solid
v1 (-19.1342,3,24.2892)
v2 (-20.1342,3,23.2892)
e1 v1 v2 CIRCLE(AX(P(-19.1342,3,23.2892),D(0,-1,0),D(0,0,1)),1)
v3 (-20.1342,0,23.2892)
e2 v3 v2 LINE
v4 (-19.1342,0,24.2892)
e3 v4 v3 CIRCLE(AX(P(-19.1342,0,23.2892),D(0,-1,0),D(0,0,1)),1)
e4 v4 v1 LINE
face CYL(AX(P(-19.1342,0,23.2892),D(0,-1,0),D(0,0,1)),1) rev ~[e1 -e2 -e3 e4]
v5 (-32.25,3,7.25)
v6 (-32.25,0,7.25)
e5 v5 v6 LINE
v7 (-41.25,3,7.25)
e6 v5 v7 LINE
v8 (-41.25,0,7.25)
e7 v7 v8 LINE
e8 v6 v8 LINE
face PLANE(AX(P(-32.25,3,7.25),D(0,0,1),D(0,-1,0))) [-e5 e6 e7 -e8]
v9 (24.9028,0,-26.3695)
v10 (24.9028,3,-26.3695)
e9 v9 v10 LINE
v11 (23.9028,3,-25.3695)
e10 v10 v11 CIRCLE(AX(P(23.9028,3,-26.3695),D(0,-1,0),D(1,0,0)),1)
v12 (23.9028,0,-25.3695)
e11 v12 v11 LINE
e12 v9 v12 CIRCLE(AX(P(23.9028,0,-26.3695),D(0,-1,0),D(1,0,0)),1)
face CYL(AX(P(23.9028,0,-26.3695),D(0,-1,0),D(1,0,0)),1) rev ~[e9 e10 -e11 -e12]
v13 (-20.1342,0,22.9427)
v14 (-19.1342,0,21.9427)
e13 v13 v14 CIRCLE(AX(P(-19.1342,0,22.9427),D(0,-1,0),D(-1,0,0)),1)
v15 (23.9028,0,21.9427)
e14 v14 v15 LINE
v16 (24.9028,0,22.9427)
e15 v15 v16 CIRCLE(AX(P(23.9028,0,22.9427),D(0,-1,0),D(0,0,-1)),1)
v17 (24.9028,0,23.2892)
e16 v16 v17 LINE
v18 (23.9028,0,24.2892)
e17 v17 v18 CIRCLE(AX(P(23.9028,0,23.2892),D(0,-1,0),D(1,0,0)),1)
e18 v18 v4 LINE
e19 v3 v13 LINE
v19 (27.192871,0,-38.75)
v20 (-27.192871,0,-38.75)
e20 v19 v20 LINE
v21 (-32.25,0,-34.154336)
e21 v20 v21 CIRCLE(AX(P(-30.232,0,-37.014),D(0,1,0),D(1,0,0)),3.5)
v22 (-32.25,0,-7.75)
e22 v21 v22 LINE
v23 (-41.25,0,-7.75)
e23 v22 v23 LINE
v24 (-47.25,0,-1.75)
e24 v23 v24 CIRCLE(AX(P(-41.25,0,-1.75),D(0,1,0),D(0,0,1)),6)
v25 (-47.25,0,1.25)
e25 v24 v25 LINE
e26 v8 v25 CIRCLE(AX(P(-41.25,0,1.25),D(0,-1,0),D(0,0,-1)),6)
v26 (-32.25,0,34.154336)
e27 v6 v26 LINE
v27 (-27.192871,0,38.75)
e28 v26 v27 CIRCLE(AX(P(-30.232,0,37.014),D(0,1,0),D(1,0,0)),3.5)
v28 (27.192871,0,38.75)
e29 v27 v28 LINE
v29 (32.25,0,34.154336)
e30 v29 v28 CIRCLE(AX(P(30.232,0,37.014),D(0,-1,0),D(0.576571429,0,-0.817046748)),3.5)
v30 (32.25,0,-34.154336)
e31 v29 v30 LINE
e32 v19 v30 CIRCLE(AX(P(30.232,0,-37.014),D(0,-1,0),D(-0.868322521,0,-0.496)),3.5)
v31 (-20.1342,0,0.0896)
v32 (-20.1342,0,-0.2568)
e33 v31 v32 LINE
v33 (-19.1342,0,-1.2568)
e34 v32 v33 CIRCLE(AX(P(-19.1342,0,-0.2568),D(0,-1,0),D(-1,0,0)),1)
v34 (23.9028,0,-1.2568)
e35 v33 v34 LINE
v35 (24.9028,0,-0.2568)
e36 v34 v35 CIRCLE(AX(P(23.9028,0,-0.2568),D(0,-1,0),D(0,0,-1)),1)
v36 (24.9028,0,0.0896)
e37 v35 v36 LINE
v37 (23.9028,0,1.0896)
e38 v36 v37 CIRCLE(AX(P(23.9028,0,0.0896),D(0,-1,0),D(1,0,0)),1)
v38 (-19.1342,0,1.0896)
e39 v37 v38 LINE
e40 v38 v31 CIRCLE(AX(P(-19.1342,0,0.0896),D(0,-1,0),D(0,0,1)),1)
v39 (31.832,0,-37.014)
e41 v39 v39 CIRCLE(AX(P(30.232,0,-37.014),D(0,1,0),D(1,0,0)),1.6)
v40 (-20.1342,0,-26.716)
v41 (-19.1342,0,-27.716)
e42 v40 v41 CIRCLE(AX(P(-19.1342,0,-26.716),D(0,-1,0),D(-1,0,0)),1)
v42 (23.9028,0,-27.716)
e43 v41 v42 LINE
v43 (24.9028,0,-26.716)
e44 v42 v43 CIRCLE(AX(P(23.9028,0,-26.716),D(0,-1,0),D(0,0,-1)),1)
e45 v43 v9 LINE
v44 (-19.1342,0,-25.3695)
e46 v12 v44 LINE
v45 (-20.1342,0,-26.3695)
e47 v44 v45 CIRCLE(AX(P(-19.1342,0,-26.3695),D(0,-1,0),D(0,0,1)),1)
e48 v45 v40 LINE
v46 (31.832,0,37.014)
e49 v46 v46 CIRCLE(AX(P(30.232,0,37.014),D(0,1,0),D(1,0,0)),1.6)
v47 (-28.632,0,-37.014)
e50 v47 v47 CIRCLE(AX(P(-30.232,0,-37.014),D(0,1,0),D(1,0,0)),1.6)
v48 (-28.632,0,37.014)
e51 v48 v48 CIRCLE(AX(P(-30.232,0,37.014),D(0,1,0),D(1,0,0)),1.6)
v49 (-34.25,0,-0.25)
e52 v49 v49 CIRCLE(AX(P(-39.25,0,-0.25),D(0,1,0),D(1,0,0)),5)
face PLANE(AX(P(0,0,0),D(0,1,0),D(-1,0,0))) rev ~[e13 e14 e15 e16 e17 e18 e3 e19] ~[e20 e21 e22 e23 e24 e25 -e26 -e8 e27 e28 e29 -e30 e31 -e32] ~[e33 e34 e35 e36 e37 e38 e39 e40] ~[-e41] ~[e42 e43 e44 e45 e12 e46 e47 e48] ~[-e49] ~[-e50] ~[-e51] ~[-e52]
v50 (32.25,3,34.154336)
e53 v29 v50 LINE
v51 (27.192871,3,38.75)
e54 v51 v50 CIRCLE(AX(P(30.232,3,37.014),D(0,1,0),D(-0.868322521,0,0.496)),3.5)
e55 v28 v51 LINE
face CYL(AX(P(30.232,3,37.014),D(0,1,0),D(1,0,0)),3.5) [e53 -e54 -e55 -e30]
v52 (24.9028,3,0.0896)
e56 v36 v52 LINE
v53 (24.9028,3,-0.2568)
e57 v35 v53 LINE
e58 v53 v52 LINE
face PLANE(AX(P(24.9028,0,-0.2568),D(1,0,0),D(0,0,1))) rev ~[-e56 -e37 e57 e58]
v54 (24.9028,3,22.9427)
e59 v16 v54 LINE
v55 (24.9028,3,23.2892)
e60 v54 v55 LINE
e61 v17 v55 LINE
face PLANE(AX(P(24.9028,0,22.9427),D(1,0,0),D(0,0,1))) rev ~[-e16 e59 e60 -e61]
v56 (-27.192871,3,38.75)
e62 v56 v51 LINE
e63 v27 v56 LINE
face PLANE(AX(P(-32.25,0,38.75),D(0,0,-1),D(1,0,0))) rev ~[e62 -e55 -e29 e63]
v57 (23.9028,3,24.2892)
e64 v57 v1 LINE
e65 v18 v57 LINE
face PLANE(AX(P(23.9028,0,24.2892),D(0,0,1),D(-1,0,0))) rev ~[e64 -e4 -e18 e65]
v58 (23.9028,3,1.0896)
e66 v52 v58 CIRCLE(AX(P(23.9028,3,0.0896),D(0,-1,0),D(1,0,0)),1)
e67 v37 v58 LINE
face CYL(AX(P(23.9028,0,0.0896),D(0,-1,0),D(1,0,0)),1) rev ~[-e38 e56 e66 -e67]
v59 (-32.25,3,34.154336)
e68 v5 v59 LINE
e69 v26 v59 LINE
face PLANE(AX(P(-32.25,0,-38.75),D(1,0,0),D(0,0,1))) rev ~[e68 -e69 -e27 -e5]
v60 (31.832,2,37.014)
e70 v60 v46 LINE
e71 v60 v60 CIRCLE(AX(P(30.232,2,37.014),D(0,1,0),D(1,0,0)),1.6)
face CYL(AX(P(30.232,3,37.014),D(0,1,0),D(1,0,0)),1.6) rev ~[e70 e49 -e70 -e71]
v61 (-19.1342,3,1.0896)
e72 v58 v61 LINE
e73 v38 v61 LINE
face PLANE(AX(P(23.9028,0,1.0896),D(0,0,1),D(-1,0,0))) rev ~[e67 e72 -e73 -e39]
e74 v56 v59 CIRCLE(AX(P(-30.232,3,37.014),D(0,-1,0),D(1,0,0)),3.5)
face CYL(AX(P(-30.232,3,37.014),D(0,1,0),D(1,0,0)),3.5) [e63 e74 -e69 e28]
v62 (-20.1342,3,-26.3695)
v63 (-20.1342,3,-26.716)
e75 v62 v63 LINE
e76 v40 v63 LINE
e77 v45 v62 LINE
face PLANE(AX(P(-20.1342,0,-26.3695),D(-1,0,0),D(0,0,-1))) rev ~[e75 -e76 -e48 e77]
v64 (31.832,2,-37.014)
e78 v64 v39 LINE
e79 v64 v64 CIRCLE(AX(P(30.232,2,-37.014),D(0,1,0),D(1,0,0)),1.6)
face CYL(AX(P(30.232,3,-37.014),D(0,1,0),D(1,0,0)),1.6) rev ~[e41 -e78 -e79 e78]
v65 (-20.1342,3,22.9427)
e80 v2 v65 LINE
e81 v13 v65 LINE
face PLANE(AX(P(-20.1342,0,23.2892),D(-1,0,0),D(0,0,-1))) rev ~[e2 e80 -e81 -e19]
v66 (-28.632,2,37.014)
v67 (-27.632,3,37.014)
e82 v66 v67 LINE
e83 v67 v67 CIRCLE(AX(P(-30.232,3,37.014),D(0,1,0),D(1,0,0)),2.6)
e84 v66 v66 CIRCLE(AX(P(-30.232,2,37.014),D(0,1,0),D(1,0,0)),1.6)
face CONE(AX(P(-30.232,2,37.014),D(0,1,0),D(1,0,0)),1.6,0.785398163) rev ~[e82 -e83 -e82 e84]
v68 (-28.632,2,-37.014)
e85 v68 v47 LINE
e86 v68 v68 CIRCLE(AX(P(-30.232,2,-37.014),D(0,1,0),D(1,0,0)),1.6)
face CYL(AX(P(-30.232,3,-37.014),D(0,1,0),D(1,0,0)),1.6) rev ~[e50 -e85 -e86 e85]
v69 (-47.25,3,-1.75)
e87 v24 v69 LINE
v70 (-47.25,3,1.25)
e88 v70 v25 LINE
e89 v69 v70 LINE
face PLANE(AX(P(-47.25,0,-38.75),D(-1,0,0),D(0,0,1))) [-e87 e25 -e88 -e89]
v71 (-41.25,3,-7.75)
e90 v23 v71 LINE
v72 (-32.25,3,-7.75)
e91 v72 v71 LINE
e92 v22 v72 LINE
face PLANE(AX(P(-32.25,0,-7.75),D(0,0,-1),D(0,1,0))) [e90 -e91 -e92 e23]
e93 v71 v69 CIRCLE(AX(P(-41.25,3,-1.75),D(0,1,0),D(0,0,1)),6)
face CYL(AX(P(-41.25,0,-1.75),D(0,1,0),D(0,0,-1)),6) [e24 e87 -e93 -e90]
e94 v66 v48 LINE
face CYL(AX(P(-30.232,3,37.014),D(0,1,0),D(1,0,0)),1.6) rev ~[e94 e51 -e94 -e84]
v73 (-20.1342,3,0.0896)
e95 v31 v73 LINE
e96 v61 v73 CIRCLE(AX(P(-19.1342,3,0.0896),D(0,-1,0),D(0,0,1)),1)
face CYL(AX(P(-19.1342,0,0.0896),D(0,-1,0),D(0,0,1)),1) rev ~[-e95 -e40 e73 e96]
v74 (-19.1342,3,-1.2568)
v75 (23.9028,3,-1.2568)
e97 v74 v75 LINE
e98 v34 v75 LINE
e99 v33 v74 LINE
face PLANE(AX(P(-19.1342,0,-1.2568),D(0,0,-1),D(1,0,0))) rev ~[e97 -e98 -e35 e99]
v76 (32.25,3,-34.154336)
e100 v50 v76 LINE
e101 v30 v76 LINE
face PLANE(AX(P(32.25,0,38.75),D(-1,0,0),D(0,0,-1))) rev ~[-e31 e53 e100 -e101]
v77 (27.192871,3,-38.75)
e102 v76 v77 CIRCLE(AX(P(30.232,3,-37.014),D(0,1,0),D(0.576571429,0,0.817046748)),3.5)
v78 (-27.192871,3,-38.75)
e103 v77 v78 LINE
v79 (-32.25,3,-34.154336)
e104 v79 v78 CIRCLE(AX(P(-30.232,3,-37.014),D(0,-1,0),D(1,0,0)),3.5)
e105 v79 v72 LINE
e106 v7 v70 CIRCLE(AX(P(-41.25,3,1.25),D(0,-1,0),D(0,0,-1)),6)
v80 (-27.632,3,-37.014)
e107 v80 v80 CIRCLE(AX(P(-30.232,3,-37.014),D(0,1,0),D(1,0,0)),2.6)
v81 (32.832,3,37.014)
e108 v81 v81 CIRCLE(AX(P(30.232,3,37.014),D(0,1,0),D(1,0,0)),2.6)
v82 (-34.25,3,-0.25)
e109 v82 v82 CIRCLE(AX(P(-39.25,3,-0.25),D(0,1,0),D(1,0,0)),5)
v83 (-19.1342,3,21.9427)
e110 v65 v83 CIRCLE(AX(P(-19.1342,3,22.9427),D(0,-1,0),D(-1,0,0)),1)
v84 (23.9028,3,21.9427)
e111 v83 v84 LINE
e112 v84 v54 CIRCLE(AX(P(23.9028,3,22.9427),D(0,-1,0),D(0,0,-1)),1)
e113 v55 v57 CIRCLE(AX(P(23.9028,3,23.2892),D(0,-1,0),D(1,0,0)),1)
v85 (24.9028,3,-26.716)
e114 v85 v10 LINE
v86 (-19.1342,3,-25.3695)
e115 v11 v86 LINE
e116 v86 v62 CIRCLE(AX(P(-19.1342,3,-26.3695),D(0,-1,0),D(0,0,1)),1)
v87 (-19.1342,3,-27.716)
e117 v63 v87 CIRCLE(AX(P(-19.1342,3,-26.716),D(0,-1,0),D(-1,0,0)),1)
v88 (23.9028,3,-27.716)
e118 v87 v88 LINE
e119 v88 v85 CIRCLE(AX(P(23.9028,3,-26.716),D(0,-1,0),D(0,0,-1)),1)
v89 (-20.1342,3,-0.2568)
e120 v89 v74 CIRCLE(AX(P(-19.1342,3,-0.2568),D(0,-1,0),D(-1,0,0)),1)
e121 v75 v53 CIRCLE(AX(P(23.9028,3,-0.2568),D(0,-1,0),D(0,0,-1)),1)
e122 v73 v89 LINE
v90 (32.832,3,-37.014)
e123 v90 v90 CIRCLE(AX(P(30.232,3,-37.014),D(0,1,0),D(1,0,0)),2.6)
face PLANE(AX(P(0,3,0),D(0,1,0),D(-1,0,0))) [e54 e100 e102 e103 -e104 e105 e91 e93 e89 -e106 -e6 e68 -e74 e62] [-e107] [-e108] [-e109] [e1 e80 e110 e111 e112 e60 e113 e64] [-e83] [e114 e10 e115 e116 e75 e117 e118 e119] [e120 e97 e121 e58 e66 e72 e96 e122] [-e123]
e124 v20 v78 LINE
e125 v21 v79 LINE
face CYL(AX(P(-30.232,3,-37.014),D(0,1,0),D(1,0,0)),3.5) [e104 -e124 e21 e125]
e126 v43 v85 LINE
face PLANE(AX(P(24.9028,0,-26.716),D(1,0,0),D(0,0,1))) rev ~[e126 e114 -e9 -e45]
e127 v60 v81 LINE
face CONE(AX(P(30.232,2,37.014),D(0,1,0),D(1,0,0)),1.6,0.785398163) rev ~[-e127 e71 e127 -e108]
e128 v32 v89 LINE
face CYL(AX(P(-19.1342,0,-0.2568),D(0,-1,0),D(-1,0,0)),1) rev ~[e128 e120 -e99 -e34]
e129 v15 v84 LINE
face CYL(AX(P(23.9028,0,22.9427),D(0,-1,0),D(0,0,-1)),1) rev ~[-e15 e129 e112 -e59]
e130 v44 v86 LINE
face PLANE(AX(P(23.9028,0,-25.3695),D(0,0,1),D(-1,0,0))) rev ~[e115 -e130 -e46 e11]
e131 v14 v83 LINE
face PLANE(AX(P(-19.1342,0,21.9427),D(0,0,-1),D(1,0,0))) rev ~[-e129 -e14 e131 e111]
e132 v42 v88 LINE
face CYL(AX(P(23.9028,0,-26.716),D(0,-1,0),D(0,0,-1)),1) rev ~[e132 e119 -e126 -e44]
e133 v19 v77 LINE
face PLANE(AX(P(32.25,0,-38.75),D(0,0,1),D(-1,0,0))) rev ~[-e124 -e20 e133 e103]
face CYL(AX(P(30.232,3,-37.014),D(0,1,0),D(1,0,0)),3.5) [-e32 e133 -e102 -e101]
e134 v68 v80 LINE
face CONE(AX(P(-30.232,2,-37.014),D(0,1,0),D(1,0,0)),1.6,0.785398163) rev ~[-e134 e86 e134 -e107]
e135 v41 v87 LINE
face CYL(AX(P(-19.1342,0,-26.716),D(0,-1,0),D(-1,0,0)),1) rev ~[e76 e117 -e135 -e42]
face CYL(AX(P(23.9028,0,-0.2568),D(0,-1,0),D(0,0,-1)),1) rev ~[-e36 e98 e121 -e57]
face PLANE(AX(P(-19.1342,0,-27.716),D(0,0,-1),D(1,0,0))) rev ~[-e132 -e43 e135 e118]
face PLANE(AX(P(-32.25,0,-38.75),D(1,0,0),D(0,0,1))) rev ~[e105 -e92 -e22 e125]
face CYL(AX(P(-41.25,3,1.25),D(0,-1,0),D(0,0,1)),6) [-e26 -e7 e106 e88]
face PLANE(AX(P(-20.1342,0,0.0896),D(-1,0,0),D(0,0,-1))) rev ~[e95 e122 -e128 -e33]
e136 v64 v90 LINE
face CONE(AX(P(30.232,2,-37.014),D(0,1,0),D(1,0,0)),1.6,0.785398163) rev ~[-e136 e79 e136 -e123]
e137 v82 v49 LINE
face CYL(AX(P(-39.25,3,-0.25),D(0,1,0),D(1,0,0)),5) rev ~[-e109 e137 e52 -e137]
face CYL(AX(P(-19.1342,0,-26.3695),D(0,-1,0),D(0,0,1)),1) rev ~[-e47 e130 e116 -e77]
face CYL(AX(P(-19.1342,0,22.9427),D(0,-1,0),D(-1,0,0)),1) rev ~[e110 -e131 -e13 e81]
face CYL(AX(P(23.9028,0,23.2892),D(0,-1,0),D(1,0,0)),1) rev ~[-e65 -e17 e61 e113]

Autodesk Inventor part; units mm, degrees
ref_plane "YZ Plane" through (0, 0, 0) normal (1, 0, 0) x (0, 1, 0)
ref_plane "XZ Plane" through (0, 0, 0) normal (0, 1, 0) x (-1, 0, 0)
ref_plane "XY Plane" through (0, 0, 0) normal (0, 0, 1) x (1, 0, 0)
sketch "Sketch1" plane through (0, 0, 0) normal (0, 1, 0) x (-1, 0, 0)
  line L0 (-32.25, -38.75) -> (32.25, -38.75)
  line L1 (32.25, -38.75) -> (32.25, 38.75)
  line L2 (32.25, 38.75) -> (-32.25, 38.75)
  line L3 (-32.25, 38.75) -> (-32.25, -38.75)
  line L4 (-32.25, -38.75) -> (32.25, 38.75) construction
  line L5 (32.25, -38.75) -> (-32.25, 38.75) construction
  point P0 (0, 0)
  dimension "d0" = 64.5
  dimension "d1" = 77.5
extrude "Extrusion1" add sketch "Sketch1" along normal blind 3
sketch "Sketch4" plane through (-32.25, 0, -38.75) normal (-1, 0, 0) x (0, 0, 1)
  line L0 (0, 3) -> (77.5, 3) projected
  line L1 (0, 0) -> (77.5, 0) projected
  line L2 (31, 3) -> (46, 3)
  line L3 (46, 3) -> (46, 0)
  line L4 (46, 0) -> (31, 0)
  line L5 (31, 0) -> (31, 3)
  line L6 (0, 0) -> (0, 3) projected
  line L7 (77.5, 0) -> (77.5, 3) projected
  point P0 (38.75, 0)
  dimension "d17" = 15
  dimension "d18" = 31
  dimension "d19" = 31.5
extrude "Extrusion3" add sketch "Sketch4" along normal blind 15 contours L0 L3 L1 L5
sketch "Sketch5" plane through (0, 3, 0) normal (0, 1, 0) x (1, 0, 0)
  circle A0 centre (-39.25, 0.25) radius 5
  line L0 (-32.25, -7.25) -> (-47.25, -7.25) projected
  line L1 (-32.25, 7.75) -> (-47.25, 7.75) projected
  line L2 (-47.25, -7.25) -> (-47.25, 7.75) projected
  point P0 (0, 0)
  dimension "d22" = 10
  dimension "d34" = 7.5
  dimension "d35" = 7.5
  dimension "d36" = 8
extrude "Extrusion4" cut sketch "Sketch5" against normal up to surface (3 mm away)
fillet "Fillet1" radius 6 2 edges at (-47.25, 1.5, 7.25) (-47.25, 1.5, -7.75)
sketch "Sketch6" plane through (0, 0, 0) normal (0, -1, 0) x (1, 0, 0)
  line L0 (-19.1342, -27.716) -> (23.9028, -27.716)
  line L1 (24.9028, -26.716) -> (24.9028, -26.3695)
  line L2 (23.9028, -25.3695) -> (-19.1342, -25.3695)
  line L3 (-20.1342, -26.3695) -> (-20.1342, -26.716)
  arc A0 (-20.1342, -26.716) -> (-19.1342, -27.716) centre (-19.1342, -26.716) ccw
  arc A1 (-19.1342, -25.3695) -> (-20.1342, -26.3695) centre (-19.1342, -26.3695) ccw
  arc A2 (23.9028, -27.716) -> (24.9028, -26.716) centre (23.9028, -26.716) ccw
  arc A3 (24.9028, -26.3695) -> (23.9028, -25.3695) centre (23.9028, -26.3695) ccw
  line L4 (-19.1342, -1.2568) -> (23.9028, -1.2568)
  line L5 (24.9028, -0.2568) -> (24.9028, 0.0896)
  line L6 (23.9028, 1.0896) -> (-19.1342, 1.0896)
  line L7 (-20.1342, 0.0896) -> (-20.1342, -0.2568)
  arc A4 (-20.1342, -0.2568) -> (-19.1342, -1.2568) centre (-19.1342, -0.2568) ccw
  arc A5 (-19.1342, 1.0896) -> (-20.1342, 0.0896) centre (-19.1342, 0.0896) ccw
  arc A6 (23.9028, -1.2568) -> (24.9028, -0.2568) centre (23.9028, -0.2568) ccw
  arc A7 (24.9028, 0.0896) -> (23.9028, 1.0896) centre (23.9028, 0.0896) ccw
  line L8 (-19.1342, 21.9427) -> (23.9028, 21.9427)
  line L9 (24.9028, 22.9427) -> (24.9028, 23.2892)
  line L10 (23.9028, 24.2892) -> (-19.1342, 24.2892)
  line L11 (-20.1342, 23.2892) -> (-20.1342, 22.9427)
  arc A8 (-20.1342, 22.9427) -> (-19.1342, 21.9427) centre (-19.1342, 22.9427) ccw
  arc A9 (-19.1342, 24.2892) -> (-20.1342, 23.2892) centre (-19.1342, 23.2892) ccw
  arc A10 (23.9028, 21.9427) -> (24.9028, 22.9427) centre (23.9028, 22.9427) ccw
  arc A11 (24.9028, 23.2892) -> (23.9028, 24.2892) centre (23.9028, 23.2892) ccw
  point P0 (0, 0)
  dimension "d27" = 1
  dimension "d28" = 1
  dimension "d29" = 1
extrude "Extrusion5" cut sketch "Sketch6" against normal up to surface (3 mm away)
sketch "Sketch7" plane through (0, 3, 0) normal (0, 1, 0) x (1, 0, 0)
  circle A0 centre (-30.232, -37.014) radius 3.5
  line L0 (-32.25, -38.75) -> (32.25, -38.75) projected
  line L1 (-32.25, -7.25) -> (-32.25, -38.75) projected
  circle A1 centre (30.232, -37.014) radius 3.5
  circle A2 centre (-30.232, 37.014) radius 3.5
  circle A3 centre (30.232, 37.014) radius 3.5
  line L2 (32.25, 38.75) -> (-32.25, 38.75) projected
  line L3 (-32.25, 38.75) -> (-32.25, 7.75) projected
  line L4 (32.25, -38.75) -> (32.25, 38.75) projected
  point P0 (0, 0)
  dimension "d37" = 7
  dimension "d38" = 1.736
  dimension "d39" = 2.018
  dimension "d40" = 7
  dimension "d41" = 7
  dimension "d42" = 7
  dimension "d43" = 1.736
  dimension "d44" = 2.018
  dimension "d45" = 1.736
  dimension "d46" = 2.018
  dimension "d47" = 1.736
  dimension "d48" = 2.018
extrude "Extrusion6" add sketch "Sketch7" against normal up to surface (3 mm away)
sketch "Sketch8" plane through (0, 3, 0) normal (0, 1, 0) x (1, 0, 0)
  circle A0 centre (30.232, -37.014) radius 1.6
  circle A1 centre (-30.232, -37.014) radius 1.6
  circle A2 centre (-30.232, 37.014) radius 1.6
  circle A3 centre (30.232, 37.014) radius 1.6
  point P0 (0, 0)
  dimension "d51" = 3.2
  dimension "d52" = 3.2
  dimension "d53" = 3.2
  dimension "d54" = 3.2
extrude "Extrusion7" cut sketch "Sketch8" against normal up to surface (3 mm away)
chamfer "Chamfer1" distance 1 angle 45 4 edges at (-31.832, 3, 37.014) (28.632, 3, -37.014) (-31.832, 3, -37.014) (28.632, 3, 37.014)
properties part number "_3DPrint"
